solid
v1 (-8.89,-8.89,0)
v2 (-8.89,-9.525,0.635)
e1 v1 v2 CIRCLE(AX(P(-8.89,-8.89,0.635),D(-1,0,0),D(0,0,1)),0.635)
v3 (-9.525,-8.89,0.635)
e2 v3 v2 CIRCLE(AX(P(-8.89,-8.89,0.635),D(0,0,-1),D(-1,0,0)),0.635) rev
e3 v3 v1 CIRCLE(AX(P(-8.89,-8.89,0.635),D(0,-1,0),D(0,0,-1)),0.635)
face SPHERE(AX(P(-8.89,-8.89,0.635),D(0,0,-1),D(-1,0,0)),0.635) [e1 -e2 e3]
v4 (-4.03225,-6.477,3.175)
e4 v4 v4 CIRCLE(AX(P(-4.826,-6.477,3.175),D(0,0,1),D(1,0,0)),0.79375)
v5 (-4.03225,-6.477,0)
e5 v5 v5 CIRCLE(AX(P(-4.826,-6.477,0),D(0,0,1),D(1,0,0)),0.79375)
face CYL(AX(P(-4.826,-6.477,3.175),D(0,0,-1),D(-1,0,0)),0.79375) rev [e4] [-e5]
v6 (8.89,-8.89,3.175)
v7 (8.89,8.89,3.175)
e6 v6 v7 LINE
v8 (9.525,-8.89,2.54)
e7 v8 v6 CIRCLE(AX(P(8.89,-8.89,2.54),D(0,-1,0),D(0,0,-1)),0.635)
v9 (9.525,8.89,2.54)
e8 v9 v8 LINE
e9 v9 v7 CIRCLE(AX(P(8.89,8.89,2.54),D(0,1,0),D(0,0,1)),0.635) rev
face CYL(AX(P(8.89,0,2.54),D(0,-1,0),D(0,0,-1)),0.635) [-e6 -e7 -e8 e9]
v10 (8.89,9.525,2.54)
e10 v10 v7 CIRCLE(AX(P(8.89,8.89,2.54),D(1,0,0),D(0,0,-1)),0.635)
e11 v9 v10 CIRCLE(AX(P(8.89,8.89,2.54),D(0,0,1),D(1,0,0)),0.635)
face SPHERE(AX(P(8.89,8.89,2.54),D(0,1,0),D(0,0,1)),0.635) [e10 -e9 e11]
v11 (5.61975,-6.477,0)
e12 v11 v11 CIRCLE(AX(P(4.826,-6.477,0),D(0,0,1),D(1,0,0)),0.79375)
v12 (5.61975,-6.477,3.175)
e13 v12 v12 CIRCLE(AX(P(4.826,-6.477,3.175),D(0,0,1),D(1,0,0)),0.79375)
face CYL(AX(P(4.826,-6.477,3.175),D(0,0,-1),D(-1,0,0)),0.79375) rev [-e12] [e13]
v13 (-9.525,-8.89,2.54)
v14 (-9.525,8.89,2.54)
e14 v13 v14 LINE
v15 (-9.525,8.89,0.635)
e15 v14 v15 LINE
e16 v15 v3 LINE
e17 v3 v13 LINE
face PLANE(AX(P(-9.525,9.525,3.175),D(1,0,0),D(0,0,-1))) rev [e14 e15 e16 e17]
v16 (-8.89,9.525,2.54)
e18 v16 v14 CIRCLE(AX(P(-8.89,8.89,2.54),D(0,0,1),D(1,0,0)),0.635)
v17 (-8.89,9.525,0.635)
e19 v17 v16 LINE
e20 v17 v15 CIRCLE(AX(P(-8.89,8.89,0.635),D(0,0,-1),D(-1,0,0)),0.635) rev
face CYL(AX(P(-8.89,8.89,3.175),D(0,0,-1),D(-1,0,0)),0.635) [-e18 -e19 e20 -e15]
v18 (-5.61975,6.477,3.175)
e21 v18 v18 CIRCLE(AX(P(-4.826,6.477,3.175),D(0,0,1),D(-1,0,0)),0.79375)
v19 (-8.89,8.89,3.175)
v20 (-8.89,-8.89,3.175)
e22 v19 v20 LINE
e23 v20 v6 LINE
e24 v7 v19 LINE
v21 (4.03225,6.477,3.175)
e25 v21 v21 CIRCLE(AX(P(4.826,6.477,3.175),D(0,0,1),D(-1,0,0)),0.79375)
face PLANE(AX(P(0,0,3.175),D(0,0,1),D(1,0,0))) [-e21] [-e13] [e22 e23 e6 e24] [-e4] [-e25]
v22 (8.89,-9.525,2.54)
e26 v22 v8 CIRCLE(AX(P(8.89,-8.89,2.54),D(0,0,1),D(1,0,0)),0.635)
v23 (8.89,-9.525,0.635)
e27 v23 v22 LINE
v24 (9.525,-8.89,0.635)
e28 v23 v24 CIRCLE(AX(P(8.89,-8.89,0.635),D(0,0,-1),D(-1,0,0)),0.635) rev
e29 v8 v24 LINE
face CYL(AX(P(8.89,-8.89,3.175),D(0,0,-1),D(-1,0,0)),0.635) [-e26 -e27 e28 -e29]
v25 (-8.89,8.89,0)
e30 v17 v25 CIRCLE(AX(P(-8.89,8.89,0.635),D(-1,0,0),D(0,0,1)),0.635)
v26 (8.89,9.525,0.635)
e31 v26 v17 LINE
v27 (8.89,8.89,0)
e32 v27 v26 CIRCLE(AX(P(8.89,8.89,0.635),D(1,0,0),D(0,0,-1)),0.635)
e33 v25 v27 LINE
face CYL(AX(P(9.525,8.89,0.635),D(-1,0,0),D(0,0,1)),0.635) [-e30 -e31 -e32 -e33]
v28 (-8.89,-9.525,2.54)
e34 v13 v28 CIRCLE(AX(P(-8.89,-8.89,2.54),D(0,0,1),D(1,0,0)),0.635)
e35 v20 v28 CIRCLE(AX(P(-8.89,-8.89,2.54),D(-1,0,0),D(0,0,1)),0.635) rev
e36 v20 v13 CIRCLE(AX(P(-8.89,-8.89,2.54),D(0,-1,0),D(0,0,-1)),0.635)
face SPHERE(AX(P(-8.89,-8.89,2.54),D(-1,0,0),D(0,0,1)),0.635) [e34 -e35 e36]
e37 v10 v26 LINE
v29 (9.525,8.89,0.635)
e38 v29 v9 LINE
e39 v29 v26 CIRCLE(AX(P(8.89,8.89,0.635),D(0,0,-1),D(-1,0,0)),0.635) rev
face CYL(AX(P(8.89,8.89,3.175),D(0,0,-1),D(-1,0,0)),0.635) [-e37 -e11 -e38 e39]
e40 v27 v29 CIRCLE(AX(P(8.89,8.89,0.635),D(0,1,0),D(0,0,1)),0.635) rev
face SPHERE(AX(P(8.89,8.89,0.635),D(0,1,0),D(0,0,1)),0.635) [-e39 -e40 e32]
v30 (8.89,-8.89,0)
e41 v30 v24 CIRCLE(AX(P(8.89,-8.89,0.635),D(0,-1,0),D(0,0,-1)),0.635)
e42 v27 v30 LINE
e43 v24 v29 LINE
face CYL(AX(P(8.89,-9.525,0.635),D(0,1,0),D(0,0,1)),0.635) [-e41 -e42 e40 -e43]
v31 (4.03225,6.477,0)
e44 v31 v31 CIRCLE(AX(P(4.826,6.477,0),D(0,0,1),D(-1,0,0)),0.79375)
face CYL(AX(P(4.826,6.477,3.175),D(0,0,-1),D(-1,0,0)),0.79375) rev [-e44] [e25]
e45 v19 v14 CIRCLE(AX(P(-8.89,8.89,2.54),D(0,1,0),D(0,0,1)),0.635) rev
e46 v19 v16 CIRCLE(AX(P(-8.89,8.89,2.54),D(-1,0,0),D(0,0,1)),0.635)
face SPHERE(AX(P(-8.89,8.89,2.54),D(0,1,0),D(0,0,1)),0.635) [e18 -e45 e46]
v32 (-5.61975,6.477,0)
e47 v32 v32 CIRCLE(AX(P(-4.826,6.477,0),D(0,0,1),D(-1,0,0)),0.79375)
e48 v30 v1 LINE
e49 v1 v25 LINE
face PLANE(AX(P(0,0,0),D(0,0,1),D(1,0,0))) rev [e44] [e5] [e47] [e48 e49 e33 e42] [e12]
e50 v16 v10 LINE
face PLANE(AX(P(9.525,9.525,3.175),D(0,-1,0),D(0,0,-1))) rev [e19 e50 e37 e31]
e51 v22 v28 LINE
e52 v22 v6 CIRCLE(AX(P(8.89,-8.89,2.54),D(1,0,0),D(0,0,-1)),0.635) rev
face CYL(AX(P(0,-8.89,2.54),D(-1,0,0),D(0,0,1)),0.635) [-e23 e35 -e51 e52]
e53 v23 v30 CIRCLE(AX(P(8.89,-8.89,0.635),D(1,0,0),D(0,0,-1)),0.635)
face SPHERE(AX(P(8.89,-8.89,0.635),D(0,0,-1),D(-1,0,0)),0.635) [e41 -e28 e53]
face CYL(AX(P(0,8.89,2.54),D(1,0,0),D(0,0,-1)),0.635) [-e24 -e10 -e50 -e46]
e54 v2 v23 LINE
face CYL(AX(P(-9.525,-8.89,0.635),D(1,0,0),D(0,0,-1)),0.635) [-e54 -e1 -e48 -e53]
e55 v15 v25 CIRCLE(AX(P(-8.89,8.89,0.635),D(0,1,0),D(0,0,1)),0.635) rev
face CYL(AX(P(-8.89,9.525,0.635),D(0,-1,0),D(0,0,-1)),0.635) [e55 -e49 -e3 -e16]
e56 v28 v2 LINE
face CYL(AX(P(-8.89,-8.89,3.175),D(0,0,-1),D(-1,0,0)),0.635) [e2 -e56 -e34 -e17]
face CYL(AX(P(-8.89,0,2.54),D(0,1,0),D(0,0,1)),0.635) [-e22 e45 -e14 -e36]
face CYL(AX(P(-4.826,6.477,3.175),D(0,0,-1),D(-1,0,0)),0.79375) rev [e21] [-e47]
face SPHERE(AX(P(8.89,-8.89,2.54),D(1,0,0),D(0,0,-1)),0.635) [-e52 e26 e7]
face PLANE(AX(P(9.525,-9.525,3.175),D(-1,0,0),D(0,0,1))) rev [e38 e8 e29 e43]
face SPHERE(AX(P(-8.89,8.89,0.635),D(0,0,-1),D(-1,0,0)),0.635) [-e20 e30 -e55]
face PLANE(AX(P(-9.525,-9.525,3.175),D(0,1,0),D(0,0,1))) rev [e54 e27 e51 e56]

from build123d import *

# Parameters (mm, degrees)
SKETCH1_W           = 19.05
SKETCH1_H           = 19.05
SKETCH1_R           = 0.79375
BOSS_EXTRUDE1_DEPTH = 3.175
FILLET2_R           = 0.635


with BuildPart() as part:
    # Sketch1 → Boss-Extrude1 (new body)
    with BuildSketch(Plane.XY):
        Rectangle(SKETCH1_W, SKETCH1_H)
        with Locations((-4.826, -6.477)):
            Circle(SKETCH1_R, mode=Mode.SUBTRACT)
        with Locations((4.826, -6.477)):
            Circle(SKETCH1_R, mode=Mode.SUBTRACT)
        with Locations(Location((4.826, 6.477, 0), (0, 0, 180))):
            Circle(SKETCH1_R, mode=Mode.SUBTRACT)
        with Locations(Location((-4.826, 6.477, 0), (0, 0, 180))):
            Circle(SKETCH1_R, mode=Mode.SUBTRACT)
    extrude(amount=BOSS_EXTRUDE1_DEPTH)

    # Fillet2
    fillet2_edges = [part.edges().sort_by_distance(p)[0] for p in [
        (0, -9.525, 3.175),
        (9.525, 0, 3.175),
        (0, 9.525, 3.175),
        (9.525, 0, 0),
        (0, -9.525, 0),
        (-9.525, 0, 0),
        (0, 9.525, 0),
        (9.525, 9.525, 1.5875),
        (9.525, -9.525, 1.5875),
        (-9.525, -9.525, 1.5875),
        (-9.525, 9.525, 1.5875),
        (-9.525, 0, 3.175),
    ]]
    fillet(fillet2_edges, radius=FILLET2_R)


solid = part.part
